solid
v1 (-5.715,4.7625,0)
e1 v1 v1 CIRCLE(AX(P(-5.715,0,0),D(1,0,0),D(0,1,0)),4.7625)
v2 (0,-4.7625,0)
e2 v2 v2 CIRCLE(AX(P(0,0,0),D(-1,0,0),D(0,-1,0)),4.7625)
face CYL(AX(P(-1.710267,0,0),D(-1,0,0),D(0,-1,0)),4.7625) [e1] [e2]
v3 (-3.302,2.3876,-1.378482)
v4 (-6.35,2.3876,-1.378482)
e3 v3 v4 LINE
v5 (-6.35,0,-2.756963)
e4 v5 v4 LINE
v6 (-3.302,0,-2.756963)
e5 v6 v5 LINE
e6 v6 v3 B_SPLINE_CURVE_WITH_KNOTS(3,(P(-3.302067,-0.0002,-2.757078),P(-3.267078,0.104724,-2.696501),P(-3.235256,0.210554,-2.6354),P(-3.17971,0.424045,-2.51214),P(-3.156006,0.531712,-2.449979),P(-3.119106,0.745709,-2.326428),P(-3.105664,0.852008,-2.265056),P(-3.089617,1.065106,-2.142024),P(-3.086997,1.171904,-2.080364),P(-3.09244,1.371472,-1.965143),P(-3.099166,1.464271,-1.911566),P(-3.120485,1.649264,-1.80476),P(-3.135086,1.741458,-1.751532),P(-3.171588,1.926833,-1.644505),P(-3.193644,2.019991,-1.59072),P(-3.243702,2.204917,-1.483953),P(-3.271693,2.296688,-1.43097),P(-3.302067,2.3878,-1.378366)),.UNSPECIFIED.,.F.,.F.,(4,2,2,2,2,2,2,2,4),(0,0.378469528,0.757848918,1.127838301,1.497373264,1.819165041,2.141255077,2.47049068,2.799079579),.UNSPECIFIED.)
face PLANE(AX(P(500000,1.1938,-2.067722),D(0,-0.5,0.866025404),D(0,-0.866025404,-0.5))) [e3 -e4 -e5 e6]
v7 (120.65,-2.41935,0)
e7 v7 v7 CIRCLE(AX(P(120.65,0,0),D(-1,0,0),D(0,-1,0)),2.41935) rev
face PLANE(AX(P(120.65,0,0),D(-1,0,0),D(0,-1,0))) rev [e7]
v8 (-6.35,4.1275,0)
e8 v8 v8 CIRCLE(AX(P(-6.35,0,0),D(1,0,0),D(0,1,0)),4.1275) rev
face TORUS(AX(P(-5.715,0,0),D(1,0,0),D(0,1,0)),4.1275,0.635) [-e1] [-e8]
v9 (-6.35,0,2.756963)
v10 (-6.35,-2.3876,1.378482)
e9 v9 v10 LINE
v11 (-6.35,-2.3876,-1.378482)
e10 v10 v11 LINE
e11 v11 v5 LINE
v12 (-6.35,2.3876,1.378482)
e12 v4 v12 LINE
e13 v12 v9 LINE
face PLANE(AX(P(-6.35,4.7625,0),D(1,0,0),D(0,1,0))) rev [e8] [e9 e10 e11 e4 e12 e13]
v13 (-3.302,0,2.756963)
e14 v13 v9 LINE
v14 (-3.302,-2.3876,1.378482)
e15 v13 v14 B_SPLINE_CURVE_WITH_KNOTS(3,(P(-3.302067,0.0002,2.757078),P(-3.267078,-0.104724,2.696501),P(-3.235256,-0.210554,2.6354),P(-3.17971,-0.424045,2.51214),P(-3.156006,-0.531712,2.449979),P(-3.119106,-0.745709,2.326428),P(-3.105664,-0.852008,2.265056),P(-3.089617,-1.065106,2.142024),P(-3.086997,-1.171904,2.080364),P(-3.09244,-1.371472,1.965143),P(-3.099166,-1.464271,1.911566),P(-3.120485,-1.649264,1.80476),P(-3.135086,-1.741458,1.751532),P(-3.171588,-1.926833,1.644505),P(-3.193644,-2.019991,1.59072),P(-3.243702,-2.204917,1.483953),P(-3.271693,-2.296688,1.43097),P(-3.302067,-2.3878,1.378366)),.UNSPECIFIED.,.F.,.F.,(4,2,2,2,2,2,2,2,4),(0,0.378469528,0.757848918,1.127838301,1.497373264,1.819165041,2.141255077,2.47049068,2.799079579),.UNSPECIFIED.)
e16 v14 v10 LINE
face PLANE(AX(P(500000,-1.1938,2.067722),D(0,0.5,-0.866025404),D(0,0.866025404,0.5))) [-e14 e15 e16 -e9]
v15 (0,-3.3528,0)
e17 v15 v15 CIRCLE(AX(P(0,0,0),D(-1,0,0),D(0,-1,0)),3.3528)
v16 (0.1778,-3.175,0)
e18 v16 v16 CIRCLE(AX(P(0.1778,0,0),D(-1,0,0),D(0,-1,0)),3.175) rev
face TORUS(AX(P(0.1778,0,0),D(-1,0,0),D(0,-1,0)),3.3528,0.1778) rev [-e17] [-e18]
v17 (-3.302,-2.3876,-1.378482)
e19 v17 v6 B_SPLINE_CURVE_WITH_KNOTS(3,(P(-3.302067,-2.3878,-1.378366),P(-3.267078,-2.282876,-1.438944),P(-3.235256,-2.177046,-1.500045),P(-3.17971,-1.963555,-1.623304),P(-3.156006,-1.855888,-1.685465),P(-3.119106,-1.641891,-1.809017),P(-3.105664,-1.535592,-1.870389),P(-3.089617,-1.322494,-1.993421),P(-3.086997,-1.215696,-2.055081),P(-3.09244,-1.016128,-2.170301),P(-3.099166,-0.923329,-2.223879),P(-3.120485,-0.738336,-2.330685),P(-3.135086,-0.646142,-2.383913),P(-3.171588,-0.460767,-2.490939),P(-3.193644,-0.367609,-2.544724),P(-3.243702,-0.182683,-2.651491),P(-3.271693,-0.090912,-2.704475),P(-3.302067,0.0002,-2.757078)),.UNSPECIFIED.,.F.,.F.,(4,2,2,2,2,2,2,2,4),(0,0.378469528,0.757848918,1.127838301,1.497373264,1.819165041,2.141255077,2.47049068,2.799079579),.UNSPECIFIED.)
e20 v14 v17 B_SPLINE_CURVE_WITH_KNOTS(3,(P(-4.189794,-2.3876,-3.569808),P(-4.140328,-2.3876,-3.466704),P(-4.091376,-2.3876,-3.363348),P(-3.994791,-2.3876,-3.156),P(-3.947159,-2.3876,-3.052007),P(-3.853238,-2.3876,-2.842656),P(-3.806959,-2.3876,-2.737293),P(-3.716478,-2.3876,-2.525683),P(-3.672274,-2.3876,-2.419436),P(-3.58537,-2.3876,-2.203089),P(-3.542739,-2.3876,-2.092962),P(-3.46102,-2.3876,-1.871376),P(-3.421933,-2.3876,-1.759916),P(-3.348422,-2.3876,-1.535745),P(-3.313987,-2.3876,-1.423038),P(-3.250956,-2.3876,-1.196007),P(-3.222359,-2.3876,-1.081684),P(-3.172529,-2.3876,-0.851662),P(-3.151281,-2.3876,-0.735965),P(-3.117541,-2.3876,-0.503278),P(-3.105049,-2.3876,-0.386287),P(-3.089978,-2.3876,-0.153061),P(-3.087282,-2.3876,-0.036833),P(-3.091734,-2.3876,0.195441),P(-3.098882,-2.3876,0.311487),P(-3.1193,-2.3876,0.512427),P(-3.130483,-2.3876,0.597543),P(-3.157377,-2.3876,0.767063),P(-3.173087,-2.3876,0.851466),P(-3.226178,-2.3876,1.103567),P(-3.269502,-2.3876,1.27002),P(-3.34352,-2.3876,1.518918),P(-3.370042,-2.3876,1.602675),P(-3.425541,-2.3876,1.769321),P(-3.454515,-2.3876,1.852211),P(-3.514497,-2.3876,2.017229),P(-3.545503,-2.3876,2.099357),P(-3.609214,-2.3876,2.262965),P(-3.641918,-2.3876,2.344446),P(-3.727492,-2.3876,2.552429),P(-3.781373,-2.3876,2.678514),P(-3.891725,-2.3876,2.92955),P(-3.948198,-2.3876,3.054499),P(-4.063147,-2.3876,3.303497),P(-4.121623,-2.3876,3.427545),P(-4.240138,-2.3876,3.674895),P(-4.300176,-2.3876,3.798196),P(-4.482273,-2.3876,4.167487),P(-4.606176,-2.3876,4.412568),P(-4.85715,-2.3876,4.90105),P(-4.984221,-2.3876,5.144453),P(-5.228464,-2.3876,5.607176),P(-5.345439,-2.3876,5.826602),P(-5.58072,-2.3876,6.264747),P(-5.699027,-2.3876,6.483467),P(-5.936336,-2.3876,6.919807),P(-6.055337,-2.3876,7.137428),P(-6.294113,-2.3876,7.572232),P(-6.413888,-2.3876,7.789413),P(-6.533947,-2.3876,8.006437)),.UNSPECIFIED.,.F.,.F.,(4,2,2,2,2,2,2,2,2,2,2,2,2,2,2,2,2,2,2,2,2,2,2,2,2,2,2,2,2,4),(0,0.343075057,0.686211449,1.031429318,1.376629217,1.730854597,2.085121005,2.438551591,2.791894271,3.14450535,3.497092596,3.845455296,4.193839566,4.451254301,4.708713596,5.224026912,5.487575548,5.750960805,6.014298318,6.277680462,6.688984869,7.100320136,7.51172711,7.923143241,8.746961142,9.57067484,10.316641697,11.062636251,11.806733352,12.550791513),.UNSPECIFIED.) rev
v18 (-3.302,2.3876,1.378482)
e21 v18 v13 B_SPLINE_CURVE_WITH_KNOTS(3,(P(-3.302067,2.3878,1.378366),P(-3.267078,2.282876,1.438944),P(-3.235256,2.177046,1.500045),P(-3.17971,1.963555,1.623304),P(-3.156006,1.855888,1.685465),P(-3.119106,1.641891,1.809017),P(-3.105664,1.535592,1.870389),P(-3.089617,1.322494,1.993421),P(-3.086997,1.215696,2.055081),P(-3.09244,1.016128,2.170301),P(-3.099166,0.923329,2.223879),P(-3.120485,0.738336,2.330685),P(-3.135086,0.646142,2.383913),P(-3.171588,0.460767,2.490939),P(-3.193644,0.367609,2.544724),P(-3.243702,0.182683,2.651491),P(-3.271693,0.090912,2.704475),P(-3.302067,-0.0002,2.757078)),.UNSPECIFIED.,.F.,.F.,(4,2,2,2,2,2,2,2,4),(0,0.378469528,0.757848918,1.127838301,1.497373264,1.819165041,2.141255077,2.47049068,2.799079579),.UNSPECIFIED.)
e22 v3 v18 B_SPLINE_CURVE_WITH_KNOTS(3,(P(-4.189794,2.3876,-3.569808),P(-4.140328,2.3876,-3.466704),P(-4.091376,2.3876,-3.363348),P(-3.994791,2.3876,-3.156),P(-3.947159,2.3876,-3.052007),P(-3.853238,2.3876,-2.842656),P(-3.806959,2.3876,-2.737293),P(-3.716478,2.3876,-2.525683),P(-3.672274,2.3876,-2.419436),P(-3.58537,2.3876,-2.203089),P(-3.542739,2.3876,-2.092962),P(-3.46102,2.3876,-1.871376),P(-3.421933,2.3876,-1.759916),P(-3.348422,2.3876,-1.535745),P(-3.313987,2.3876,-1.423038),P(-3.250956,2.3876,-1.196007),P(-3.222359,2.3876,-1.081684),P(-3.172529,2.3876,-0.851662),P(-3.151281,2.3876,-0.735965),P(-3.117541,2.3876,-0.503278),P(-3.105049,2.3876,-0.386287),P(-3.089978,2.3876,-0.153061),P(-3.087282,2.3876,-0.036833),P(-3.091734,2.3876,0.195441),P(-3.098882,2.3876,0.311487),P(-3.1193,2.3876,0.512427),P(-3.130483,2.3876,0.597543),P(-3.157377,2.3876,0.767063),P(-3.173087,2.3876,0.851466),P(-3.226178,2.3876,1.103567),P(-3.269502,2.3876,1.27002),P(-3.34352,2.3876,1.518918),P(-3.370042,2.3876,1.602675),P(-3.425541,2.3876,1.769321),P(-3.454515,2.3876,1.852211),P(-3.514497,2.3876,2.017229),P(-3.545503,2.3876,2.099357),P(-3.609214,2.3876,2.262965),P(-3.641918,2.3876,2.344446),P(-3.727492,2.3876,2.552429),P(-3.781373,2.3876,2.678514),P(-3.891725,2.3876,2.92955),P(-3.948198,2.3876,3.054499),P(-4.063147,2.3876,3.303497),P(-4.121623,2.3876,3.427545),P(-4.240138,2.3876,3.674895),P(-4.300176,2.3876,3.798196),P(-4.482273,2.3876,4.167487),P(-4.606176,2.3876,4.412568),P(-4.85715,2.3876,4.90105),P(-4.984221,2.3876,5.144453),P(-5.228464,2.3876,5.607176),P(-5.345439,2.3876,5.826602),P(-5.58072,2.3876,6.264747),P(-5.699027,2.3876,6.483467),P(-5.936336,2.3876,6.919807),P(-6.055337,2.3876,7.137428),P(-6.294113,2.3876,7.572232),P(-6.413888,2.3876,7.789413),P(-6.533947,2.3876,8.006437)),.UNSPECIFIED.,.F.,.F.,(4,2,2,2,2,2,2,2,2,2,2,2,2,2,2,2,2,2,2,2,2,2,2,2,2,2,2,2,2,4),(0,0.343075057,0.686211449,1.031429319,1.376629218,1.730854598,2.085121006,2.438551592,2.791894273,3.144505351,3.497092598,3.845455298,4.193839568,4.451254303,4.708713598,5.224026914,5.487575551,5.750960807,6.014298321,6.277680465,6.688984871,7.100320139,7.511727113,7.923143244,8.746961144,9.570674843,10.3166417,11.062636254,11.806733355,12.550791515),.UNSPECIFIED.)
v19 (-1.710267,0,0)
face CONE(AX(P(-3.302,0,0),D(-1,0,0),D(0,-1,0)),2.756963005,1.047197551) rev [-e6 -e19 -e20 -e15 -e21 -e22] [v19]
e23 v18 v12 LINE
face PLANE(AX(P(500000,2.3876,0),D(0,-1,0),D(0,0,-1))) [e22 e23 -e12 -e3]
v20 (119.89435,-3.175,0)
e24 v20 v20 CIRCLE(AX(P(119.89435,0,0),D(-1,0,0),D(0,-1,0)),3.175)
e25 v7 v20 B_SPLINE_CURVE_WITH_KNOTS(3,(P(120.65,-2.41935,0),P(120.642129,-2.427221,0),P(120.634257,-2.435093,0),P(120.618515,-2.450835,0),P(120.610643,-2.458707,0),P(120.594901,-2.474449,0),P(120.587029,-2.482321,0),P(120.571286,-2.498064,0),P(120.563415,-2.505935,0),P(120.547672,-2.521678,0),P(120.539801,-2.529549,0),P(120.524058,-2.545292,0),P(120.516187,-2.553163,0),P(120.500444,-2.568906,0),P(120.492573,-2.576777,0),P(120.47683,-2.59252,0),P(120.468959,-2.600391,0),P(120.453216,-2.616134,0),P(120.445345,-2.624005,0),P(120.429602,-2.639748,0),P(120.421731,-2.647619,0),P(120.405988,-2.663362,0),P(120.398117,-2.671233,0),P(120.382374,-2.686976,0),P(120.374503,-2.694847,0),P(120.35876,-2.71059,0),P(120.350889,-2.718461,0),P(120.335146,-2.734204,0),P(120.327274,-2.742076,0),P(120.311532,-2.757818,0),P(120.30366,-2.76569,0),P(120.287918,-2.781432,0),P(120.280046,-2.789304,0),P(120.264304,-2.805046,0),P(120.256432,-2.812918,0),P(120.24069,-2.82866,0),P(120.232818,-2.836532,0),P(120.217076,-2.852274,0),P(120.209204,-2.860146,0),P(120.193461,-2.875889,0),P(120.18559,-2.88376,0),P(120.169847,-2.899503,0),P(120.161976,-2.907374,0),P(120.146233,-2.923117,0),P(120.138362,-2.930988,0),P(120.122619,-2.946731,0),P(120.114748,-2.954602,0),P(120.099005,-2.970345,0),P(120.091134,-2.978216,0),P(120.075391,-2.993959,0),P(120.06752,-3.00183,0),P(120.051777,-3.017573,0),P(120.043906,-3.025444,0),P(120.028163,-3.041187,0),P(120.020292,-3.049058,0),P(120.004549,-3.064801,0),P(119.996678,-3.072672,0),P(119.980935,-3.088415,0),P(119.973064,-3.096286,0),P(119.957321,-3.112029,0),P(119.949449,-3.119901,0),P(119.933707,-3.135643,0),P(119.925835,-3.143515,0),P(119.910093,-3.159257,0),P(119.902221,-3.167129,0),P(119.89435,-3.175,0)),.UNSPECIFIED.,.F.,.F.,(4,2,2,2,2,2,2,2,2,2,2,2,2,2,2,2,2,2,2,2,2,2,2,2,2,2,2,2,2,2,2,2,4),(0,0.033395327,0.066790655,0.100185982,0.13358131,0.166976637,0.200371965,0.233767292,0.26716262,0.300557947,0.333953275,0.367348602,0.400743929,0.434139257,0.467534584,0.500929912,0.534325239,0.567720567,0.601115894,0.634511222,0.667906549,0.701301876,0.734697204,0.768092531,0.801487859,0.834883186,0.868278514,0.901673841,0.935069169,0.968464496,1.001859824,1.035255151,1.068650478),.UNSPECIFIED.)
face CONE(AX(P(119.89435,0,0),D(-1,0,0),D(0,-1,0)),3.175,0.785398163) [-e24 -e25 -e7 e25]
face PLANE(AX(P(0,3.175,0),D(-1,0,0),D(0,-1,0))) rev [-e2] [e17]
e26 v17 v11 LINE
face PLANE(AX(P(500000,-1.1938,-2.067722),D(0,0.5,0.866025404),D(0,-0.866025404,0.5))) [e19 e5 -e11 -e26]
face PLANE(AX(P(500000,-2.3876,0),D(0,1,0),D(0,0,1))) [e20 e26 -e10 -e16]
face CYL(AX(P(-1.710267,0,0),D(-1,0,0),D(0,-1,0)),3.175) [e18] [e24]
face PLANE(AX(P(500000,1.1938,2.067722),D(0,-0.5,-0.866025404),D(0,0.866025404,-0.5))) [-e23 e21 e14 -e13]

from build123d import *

# Parameters (mm, degrees)
SLOT_REACH    = 129.178
THREAD_R      = 0.635
CHAMFER1_SIZE = 0.75565
FILLET2_R     = 0.1778


with BuildPart() as part:
    # Sketch1 → Body (revolve)
    with BuildSketch(Plane.XY, mode=Mode.PRIVATE) as body_sk:
        Polygon((-1.710266667, 0), (120.65, 0), (120.65, 3.175), (88.9, 3.175), (85.7249, 3.175), (0, 3.175), (0, 4.7625), (-6.35, 4.7625), (-6.35, 2.756963005), (-3.302, 2.756963005), align=None)
    revolve(body_sk.sketch.rotate(Axis((-1.710266667, 0, 0), (1, 0, 0)), 180), axis=Axis((-1.710266667, 0, 0), (1, 0, 0)))

    # Slot: up to this cone (the profile starts inside it)
    slot_end = Plane(origin=(-6.35, 0, 0), z_dir=(-1, 0, 0)).offset(-4.639732333) * Cone(1.732e-06, 246.564338491, 142.3539862, align=(Align.CENTER, Align.CENTER, Align.MIN), mode=Mode.PRIVATE)
    # Sketch2 → Slot (add, up to the surface)
    with BuildSketch(Plane.ZY.offset(6.35), mode=Mode.PRIVATE) as slot_sk1:
        with BuildLine():
            ThreePointArc((1.378481503, -2.3876), (2.3876, -1.378481503), (2.756963005, 0))
            Line((2.756963005, 0), (1.378481503, -2.3876))
        make_face()
    slot_tool1 = extrude(slot_sk1.sketch, amount=-SLOT_REACH, mode=Mode.PRIVATE) & slot_end
    add(slot_tool1.solids().sort_by_distance((-6.35, -1.268114, 2.196438))[0])
    # Sketch2 → Slot (add, up to the surface)
    with BuildSketch(Plane.ZY.offset(6.35), mode=Mode.PRIVATE) as slot_sk2:
        with BuildLine():
            ThreePointArc((-1.378481503, -2.3876), (0, -2.756963005), (1.378481503, -2.3876))
            Line((1.378481503, -2.3876), (-1.378481503, -2.3876))
        make_face()
    slot_tool2 = extrude(slot_sk2.sketch, amount=-SLOT_REACH, mode=Mode.PRIVATE) & slot_end
    add(slot_tool2.solids().sort_by_distance((-6.35, -2.536228, 0))[0])
    # Sketch2 → Slot (add, up to the surface)
    with BuildSketch(Plane.ZY.offset(6.35), mode=Mode.PRIVATE) as slot_sk3:
        with BuildLine():
            ThreePointArc((-2.756963005, 0), (-2.3876, -1.378481503), (-1.378481503, -2.3876))
            Line((-1.378481503, -2.3876), (-2.756963005, 0))
        make_face()
    slot_tool3 = extrude(slot_sk3.sketch, amount=-SLOT_REACH, mode=Mode.PRIVATE) & slot_end
    add(slot_tool3.solids().sort_by_distance((-6.35, -1.268114, -2.196438))[0])
    # Sketch2 → Slot (add, up to the surface)
    with BuildSketch(Plane.ZY.offset(6.35), mode=Mode.PRIVATE) as slot_sk4:
        with BuildLine():
            Line((-2.756963005, 0), (-1.378481503, 2.3876))
            ThreePointArc((-1.378481503, 2.3876), (-2.3876, 1.378481503), (-2.756963005, 0))
        make_face()
    slot_tool4 = extrude(slot_sk4.sketch, amount=-SLOT_REACH, mode=Mode.PRIVATE) & slot_end
    add(slot_tool4.solids().sort_by_distance((-6.35, 1.268114, -2.196438))[0])
    # Sketch2 → Slot (add, up to the surface)
    with BuildSketch(Plane.ZY.offset(6.35), mode=Mode.PRIVATE) as slot_sk5:
        with BuildLine():
            Line((-1.378481503, 2.3876), (1.378481503, 2.3876))
            ThreePointArc((1.378481503, 2.3876), (0, 2.756963005), (-1.378481503, 2.3876))
        make_face()
    slot_tool5 = extrude(slot_sk5.sketch, amount=-SLOT_REACH, mode=Mode.PRIVATE) & slot_end
    add(slot_tool5.solids().sort_by_distance((-6.35, 2.536228, 0))[0])
    # Sketch2 → Slot (add, up to the surface)
    with BuildSketch(Plane.ZY.offset(6.35), mode=Mode.PRIVATE) as slot_sk6:
        with BuildLine():
            Line((1.378481503, 2.3876), (2.756963005, 0))
            ThreePointArc((2.756963005, 0), (2.3876, 1.378481503), (1.378481503, 2.3876))
        make_face()
    slot_tool6 = extrude(slot_sk6.sketch, amount=-SLOT_REACH, mode=Mode.PRIVATE) & slot_end
    add(slot_tool6.solids().sort_by_distance((-6.35, 1.268114, 2.196438))[0])

    # Thread
    thread_edges = [part.edges().sort_by_distance(p)[0] for p in [
        (-6.35, 4.7625, 0),
    ]]
    fillet(thread_edges, radius=THREAD_R)

    # Chamfer1
    chamfer1_edges = [part.edges().sort_by_distance(p)[0] for p in [
        (120.65, 3.175, 0),
    ]]
    chamfer(chamfer1_edges, length=CHAMFER1_SIZE)

    # Fillet2
    fillet2_edges = [part.edges().sort_by_distance(p)[0] for p in [
        (0, 3.175, 0),
    ]]
    fillet(fillet2_edges, radius=FILLET2_R)


solid = part.part
